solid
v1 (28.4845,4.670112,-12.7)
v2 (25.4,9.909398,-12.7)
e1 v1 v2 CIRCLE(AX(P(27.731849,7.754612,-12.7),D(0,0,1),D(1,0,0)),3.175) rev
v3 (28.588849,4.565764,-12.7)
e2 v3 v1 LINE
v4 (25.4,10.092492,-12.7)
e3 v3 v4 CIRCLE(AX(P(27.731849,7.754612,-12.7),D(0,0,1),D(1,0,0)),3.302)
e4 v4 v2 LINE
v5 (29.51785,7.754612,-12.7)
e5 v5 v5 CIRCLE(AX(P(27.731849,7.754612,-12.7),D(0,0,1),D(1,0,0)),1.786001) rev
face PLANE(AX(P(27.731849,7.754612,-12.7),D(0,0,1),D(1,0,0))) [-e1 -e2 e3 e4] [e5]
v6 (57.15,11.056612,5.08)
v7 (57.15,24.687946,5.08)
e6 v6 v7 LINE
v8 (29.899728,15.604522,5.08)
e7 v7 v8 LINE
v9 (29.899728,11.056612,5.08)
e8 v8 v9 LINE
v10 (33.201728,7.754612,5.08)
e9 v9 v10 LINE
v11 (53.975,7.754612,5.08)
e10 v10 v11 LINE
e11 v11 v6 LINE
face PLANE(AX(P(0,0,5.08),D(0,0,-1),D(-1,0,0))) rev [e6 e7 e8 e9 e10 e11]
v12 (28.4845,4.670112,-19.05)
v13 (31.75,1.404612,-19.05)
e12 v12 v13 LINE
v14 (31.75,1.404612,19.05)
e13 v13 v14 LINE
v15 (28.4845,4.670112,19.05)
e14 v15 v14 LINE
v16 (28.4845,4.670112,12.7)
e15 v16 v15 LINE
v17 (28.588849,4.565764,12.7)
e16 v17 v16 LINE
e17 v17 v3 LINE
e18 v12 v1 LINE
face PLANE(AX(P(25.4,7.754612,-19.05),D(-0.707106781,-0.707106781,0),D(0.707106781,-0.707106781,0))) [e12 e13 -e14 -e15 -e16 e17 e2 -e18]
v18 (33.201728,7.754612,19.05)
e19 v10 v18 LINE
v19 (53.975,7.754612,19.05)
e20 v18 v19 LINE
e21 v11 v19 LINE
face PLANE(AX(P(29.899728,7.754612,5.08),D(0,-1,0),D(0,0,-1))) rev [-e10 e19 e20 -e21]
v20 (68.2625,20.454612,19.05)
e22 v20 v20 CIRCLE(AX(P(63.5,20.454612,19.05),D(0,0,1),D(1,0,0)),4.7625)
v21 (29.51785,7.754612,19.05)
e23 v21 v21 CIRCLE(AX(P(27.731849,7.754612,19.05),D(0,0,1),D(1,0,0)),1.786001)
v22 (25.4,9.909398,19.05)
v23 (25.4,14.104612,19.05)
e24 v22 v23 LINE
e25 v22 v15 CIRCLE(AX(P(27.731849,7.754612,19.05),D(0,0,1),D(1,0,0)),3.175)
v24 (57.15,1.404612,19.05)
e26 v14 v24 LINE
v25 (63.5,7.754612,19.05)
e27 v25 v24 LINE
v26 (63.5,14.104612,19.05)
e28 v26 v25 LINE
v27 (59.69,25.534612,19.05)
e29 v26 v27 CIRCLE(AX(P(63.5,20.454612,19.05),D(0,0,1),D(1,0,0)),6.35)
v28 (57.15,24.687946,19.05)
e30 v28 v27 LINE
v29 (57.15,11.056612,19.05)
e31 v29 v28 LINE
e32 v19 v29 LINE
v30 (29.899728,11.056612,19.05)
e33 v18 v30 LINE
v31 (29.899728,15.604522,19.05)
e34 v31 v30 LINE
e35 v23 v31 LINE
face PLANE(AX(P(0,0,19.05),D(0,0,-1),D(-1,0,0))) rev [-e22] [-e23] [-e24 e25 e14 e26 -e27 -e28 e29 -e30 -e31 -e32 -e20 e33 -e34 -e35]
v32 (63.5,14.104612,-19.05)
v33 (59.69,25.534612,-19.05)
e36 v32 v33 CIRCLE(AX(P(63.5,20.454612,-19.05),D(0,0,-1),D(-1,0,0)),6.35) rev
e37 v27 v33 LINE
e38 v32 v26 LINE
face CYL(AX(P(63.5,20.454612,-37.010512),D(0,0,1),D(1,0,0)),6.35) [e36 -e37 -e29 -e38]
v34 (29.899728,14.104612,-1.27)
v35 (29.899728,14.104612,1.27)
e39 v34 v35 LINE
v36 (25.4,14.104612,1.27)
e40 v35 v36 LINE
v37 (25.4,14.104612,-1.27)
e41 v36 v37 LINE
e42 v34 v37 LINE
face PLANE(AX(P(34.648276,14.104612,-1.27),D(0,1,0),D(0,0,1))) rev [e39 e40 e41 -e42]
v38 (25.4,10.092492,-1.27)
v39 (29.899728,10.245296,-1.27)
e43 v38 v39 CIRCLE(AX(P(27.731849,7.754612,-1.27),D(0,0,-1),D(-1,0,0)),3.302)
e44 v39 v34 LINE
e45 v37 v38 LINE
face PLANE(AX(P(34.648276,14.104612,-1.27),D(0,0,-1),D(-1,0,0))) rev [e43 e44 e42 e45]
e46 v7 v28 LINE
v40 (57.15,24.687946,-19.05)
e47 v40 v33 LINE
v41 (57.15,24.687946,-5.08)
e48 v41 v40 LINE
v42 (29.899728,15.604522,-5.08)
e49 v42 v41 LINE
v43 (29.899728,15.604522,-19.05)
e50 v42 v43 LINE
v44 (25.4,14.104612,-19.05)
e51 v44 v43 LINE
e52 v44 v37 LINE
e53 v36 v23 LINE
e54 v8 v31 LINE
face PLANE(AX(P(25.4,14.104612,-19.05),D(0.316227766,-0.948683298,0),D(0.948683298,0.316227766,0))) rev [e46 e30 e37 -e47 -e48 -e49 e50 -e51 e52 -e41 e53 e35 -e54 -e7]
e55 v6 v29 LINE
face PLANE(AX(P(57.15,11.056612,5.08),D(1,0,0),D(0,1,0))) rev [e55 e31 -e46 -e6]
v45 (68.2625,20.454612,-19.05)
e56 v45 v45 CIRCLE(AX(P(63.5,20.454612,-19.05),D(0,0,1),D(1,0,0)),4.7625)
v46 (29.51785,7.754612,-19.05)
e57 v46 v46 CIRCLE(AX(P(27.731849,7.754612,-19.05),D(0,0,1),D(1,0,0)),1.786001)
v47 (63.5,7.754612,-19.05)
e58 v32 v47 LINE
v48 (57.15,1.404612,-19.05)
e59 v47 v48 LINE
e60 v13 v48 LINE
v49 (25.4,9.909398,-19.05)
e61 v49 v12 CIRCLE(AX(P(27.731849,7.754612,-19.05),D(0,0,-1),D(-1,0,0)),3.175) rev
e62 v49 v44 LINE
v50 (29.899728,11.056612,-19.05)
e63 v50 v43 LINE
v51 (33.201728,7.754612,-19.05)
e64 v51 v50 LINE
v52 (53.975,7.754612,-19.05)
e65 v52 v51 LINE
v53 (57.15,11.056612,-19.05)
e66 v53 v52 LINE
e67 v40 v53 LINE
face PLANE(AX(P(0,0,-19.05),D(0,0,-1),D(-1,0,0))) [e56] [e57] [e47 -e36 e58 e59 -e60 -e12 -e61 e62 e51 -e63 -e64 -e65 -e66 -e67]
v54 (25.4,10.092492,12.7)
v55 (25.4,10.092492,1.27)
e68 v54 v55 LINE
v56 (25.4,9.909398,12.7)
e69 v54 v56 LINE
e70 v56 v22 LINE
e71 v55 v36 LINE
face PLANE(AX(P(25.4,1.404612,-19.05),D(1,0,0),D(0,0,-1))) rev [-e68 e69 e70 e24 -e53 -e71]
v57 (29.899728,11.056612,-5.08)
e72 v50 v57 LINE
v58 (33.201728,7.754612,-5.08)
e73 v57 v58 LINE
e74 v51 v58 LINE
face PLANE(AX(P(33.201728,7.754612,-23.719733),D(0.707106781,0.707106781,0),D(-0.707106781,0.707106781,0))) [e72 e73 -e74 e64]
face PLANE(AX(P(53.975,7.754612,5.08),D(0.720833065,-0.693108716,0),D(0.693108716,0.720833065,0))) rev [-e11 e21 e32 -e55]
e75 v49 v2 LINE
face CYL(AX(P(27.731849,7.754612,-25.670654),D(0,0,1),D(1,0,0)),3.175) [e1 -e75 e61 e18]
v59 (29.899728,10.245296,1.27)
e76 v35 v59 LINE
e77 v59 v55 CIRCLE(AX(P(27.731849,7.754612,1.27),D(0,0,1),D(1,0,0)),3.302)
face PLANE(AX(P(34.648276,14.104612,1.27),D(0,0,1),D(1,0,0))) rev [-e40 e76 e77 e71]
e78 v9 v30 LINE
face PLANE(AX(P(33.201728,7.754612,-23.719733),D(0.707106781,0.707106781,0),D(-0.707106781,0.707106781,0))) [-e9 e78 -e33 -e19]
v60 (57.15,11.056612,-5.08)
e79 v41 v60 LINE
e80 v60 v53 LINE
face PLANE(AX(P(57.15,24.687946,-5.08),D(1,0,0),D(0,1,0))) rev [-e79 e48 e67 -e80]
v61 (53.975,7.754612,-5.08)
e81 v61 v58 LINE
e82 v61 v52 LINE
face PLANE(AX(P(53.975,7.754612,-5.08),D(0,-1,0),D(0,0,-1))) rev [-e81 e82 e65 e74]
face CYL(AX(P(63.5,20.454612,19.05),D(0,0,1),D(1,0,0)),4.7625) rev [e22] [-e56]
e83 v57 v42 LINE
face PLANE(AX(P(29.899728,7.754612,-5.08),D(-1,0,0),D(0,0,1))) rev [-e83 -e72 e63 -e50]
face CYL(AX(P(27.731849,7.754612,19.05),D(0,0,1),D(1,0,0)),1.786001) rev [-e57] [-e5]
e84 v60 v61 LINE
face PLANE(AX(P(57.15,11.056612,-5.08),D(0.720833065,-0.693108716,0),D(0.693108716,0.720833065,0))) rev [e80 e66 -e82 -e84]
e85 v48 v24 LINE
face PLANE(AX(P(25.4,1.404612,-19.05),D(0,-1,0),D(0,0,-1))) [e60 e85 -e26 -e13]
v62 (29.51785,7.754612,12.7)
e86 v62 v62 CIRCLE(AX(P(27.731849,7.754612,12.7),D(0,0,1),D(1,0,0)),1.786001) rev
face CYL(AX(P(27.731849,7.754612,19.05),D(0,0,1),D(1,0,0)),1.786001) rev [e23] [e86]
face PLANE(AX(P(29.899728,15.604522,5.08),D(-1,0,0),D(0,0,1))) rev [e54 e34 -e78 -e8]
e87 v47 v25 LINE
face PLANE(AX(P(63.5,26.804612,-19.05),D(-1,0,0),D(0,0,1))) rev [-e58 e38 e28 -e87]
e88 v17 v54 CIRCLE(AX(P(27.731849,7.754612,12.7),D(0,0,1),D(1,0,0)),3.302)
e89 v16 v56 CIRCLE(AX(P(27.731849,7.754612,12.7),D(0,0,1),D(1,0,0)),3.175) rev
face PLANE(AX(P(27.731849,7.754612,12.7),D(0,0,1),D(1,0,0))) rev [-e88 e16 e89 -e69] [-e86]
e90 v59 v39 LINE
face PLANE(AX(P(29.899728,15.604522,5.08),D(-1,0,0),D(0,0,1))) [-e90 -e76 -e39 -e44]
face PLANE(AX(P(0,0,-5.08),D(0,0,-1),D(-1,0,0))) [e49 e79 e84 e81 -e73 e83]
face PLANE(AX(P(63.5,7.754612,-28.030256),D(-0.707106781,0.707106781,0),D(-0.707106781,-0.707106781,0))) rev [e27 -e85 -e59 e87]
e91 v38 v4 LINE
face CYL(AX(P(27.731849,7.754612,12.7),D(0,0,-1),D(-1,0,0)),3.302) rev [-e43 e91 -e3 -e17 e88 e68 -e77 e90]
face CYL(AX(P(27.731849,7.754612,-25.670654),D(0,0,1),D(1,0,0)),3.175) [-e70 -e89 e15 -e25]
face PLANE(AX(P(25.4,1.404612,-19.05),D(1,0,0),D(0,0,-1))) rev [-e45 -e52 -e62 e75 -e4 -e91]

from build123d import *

# Parameters (mm, degrees)
BOSS_EXTRUDE1_DEPTH             = 19.05
BOSS_EXTRUDE1_DEPTH_BACK        = 19.05
SKETCH5_R                       = 6.35
BOSS_EXTRUDE2_DEPTH             = 38.1
F_3_8_0_375_DIAMETER_HOLE1_D    = 9.525
CUT_EXTRUDE2_DEPTH              = 38.1
CUT_EXTRUDE5_DEPTH              = 13.97
CUT_EXTRUDE6_DEPTH              = 13.97
CUT_EXTRUDE7_DEPTH              = 39.1
BOSS_EXTRUDE5_DEPTH             = 38.1
BOSS_EXTRUDE6_DEPTH             = 38.1
F_9_64_0_14063_DIAMETER_HOLE2_D = 3.572002
SKETCH25_R                      = 3.302
CUT_EXTRUDE8_DEPTH              = 12.7
CUT_EXTRUDE8_DEPTH_BACK         = 12.7
SKETCH28_W                      = 2.54
SKETCH28_H                      = 4.012120109
CUT_EXTRUDE9_DEPTH              = 4.499728


with BuildPart() as part:
    # Sketch4 → Boss-Extrude1 (new body, two sides)
    with BuildSketch(Plane.XY) as boss_extrude1_sk:
        Polygon((25.4, 1.404612262), (25.4, 14.104612262), (63.5, 26.804612262), (63.5, 1.404612262), align=None)
    extrude(amount=BOSS_EXTRUDE1_DEPTH)
    extrude(boss_extrude1_sk.sketch, amount=-BOSS_EXTRUDE1_DEPTH_BACK)

    # Sketch5 → Boss-Extrude2 (add)
    with BuildSketch(Plane.XY.offset(19.05)):
        with Locations((63.5, 20.454612262)):
            Circle(SKETCH5_R)
    extrude(amount=-BOSS_EXTRUDE2_DEPTH)

    # 3/8 (0.375) Diameter Hole1 (through all)
    with Locations(Plane.XY.offset(19.05)):
        with Locations((63.5, 20.454612262)):
            Hole(F_3_8_0_375_DIAMETER_HOLE1_D / 2)

    # Sketch11 → Cut-Extrude2 (cut)
    with BuildSketch(Plane.XY.offset(19.05)):
        Polygon((63.5, 7.754612262), (57.15, 1.404612262), (63.5, 1.404612262), align=None)
    extrude(amount=-CUT_EXTRUDE2_DEPTH, mode=Mode.SUBTRACT)

    # Sketch20 → Cut-Extrude5 (cut)
    with BuildSketch(Plane.XY.offset(19.05)):
        Polygon((29.899727951, 7.754612262), (53.975, 7.754612262), (57.15, 11.056612262), (57.15, 24.687945595), (29.899727951, 15.604521579), align=None)
    extrude(amount=-CUT_EXTRUDE5_DEPTH, mode=Mode.SUBTRACT)

    # Sketch21 → Cut-Extrude6 (cut)
    with BuildSketch(Plane(origin=(0, 0, -19.05), x_dir=(-1, 0, 0), z_dir=(0, 0, -1))):
        Polygon((-57.15, 24.687945595), (-57.15, 11.056612262), (-53.975, 7.754612262), (-29.899727951, 7.754612262), (-29.899727951, 15.604521579), align=None)
    extrude(amount=-CUT_EXTRUDE6_DEPTH, mode=Mode.SUBTRACT)

    # Sketch11<4> → Cut-Extrude7 (cut, through all)
    with BuildSketch(Plane.XY.offset(19.05)):
        Polygon((25.4, 7.754612262), (31.75, 1.404612262), (25.4, 1.404612262), align=None)
    extrude(amount=-CUT_EXTRUDE7_DEPTH, mode=Mode.SUBTRACT)

    # Sketch22 → Boss-Extrude5 (add)
    with BuildSketch(Plane.XY.offset(19.05)):
        Polygon((33.201727951, 7.754612262), (29.899727951, 11.056612262), (29.899727951, 7.754612262), align=None)
    extrude(amount=-BOSS_EXTRUDE5_DEPTH)

    # Sketch23 → Boss-Extrude6 (add)
    with BuildSketch(Plane.XY.offset(19.05)):
        with BuildLine():
            ThreePointArc((28.484500237, 4.670112024), (30.228876772, 5.793622896), (30.906849398, 7.754612262))
            ThreePointArc((30.906849398, 7.754612262), (28.888785689, 10.711320469), (25.4, 9.909398419))
            Line((25.4, 9.909398419), (25.4, 7.754612262))
            Line((25.4, 7.754612262), (28.484500237, 4.670112024))
        make_face()
        with BuildLine():
            Line((25.4, 7.754612262), (25.4, 9.909398419))
            ThreePointArc((25.4, 9.909398419), (24.9957943, 6.143827516), (28.484500237, 4.670112024))
            Line((28.484500237, 4.670112024), (25.4, 7.754612262))
        make_face()
    extrude(amount=-BOSS_EXTRUDE6_DEPTH)

    # 9/64 (0.14063) Diameter Hole2 (through all)
    with Locations(Plane(origin=(27.731849398, 7.754612262, 19.05), x_dir=(1, 0, 0), z_dir=(0, 0, 1))):
        with Locations((0, 0)):
            Hole(F_9_64_0_14063_DIAMETER_HOLE2_D / 2)

    # Sketch25 → Cut-Extrude8 (cut, two sides)
    with BuildSketch(Plane.XY) as cut_extrude8_sk:
        with Locations((27.731849398, 7.754612262)):
            Circle(SKETCH25_R)
    extrude(amount=CUT_EXTRUDE8_DEPTH, mode=Mode.SUBTRACT)
    extrude(cut_extrude8_sk.sketch, amount=-CUT_EXTRUDE8_DEPTH_BACK, mode=Mode.SUBTRACT)

    # Sketch28 → Cut-Extrude9 (cut)
    with BuildSketch(Plane.ZY.offset(-25.4)):
        with Locations((0, 12.098552208)):
            Rectangle(SKETCH28_W, SKETCH28_H)
    extrude(amount=-CUT_EXTRUDE9_DEPTH, mode=Mode.SUBTRACT)


solid = part.part
